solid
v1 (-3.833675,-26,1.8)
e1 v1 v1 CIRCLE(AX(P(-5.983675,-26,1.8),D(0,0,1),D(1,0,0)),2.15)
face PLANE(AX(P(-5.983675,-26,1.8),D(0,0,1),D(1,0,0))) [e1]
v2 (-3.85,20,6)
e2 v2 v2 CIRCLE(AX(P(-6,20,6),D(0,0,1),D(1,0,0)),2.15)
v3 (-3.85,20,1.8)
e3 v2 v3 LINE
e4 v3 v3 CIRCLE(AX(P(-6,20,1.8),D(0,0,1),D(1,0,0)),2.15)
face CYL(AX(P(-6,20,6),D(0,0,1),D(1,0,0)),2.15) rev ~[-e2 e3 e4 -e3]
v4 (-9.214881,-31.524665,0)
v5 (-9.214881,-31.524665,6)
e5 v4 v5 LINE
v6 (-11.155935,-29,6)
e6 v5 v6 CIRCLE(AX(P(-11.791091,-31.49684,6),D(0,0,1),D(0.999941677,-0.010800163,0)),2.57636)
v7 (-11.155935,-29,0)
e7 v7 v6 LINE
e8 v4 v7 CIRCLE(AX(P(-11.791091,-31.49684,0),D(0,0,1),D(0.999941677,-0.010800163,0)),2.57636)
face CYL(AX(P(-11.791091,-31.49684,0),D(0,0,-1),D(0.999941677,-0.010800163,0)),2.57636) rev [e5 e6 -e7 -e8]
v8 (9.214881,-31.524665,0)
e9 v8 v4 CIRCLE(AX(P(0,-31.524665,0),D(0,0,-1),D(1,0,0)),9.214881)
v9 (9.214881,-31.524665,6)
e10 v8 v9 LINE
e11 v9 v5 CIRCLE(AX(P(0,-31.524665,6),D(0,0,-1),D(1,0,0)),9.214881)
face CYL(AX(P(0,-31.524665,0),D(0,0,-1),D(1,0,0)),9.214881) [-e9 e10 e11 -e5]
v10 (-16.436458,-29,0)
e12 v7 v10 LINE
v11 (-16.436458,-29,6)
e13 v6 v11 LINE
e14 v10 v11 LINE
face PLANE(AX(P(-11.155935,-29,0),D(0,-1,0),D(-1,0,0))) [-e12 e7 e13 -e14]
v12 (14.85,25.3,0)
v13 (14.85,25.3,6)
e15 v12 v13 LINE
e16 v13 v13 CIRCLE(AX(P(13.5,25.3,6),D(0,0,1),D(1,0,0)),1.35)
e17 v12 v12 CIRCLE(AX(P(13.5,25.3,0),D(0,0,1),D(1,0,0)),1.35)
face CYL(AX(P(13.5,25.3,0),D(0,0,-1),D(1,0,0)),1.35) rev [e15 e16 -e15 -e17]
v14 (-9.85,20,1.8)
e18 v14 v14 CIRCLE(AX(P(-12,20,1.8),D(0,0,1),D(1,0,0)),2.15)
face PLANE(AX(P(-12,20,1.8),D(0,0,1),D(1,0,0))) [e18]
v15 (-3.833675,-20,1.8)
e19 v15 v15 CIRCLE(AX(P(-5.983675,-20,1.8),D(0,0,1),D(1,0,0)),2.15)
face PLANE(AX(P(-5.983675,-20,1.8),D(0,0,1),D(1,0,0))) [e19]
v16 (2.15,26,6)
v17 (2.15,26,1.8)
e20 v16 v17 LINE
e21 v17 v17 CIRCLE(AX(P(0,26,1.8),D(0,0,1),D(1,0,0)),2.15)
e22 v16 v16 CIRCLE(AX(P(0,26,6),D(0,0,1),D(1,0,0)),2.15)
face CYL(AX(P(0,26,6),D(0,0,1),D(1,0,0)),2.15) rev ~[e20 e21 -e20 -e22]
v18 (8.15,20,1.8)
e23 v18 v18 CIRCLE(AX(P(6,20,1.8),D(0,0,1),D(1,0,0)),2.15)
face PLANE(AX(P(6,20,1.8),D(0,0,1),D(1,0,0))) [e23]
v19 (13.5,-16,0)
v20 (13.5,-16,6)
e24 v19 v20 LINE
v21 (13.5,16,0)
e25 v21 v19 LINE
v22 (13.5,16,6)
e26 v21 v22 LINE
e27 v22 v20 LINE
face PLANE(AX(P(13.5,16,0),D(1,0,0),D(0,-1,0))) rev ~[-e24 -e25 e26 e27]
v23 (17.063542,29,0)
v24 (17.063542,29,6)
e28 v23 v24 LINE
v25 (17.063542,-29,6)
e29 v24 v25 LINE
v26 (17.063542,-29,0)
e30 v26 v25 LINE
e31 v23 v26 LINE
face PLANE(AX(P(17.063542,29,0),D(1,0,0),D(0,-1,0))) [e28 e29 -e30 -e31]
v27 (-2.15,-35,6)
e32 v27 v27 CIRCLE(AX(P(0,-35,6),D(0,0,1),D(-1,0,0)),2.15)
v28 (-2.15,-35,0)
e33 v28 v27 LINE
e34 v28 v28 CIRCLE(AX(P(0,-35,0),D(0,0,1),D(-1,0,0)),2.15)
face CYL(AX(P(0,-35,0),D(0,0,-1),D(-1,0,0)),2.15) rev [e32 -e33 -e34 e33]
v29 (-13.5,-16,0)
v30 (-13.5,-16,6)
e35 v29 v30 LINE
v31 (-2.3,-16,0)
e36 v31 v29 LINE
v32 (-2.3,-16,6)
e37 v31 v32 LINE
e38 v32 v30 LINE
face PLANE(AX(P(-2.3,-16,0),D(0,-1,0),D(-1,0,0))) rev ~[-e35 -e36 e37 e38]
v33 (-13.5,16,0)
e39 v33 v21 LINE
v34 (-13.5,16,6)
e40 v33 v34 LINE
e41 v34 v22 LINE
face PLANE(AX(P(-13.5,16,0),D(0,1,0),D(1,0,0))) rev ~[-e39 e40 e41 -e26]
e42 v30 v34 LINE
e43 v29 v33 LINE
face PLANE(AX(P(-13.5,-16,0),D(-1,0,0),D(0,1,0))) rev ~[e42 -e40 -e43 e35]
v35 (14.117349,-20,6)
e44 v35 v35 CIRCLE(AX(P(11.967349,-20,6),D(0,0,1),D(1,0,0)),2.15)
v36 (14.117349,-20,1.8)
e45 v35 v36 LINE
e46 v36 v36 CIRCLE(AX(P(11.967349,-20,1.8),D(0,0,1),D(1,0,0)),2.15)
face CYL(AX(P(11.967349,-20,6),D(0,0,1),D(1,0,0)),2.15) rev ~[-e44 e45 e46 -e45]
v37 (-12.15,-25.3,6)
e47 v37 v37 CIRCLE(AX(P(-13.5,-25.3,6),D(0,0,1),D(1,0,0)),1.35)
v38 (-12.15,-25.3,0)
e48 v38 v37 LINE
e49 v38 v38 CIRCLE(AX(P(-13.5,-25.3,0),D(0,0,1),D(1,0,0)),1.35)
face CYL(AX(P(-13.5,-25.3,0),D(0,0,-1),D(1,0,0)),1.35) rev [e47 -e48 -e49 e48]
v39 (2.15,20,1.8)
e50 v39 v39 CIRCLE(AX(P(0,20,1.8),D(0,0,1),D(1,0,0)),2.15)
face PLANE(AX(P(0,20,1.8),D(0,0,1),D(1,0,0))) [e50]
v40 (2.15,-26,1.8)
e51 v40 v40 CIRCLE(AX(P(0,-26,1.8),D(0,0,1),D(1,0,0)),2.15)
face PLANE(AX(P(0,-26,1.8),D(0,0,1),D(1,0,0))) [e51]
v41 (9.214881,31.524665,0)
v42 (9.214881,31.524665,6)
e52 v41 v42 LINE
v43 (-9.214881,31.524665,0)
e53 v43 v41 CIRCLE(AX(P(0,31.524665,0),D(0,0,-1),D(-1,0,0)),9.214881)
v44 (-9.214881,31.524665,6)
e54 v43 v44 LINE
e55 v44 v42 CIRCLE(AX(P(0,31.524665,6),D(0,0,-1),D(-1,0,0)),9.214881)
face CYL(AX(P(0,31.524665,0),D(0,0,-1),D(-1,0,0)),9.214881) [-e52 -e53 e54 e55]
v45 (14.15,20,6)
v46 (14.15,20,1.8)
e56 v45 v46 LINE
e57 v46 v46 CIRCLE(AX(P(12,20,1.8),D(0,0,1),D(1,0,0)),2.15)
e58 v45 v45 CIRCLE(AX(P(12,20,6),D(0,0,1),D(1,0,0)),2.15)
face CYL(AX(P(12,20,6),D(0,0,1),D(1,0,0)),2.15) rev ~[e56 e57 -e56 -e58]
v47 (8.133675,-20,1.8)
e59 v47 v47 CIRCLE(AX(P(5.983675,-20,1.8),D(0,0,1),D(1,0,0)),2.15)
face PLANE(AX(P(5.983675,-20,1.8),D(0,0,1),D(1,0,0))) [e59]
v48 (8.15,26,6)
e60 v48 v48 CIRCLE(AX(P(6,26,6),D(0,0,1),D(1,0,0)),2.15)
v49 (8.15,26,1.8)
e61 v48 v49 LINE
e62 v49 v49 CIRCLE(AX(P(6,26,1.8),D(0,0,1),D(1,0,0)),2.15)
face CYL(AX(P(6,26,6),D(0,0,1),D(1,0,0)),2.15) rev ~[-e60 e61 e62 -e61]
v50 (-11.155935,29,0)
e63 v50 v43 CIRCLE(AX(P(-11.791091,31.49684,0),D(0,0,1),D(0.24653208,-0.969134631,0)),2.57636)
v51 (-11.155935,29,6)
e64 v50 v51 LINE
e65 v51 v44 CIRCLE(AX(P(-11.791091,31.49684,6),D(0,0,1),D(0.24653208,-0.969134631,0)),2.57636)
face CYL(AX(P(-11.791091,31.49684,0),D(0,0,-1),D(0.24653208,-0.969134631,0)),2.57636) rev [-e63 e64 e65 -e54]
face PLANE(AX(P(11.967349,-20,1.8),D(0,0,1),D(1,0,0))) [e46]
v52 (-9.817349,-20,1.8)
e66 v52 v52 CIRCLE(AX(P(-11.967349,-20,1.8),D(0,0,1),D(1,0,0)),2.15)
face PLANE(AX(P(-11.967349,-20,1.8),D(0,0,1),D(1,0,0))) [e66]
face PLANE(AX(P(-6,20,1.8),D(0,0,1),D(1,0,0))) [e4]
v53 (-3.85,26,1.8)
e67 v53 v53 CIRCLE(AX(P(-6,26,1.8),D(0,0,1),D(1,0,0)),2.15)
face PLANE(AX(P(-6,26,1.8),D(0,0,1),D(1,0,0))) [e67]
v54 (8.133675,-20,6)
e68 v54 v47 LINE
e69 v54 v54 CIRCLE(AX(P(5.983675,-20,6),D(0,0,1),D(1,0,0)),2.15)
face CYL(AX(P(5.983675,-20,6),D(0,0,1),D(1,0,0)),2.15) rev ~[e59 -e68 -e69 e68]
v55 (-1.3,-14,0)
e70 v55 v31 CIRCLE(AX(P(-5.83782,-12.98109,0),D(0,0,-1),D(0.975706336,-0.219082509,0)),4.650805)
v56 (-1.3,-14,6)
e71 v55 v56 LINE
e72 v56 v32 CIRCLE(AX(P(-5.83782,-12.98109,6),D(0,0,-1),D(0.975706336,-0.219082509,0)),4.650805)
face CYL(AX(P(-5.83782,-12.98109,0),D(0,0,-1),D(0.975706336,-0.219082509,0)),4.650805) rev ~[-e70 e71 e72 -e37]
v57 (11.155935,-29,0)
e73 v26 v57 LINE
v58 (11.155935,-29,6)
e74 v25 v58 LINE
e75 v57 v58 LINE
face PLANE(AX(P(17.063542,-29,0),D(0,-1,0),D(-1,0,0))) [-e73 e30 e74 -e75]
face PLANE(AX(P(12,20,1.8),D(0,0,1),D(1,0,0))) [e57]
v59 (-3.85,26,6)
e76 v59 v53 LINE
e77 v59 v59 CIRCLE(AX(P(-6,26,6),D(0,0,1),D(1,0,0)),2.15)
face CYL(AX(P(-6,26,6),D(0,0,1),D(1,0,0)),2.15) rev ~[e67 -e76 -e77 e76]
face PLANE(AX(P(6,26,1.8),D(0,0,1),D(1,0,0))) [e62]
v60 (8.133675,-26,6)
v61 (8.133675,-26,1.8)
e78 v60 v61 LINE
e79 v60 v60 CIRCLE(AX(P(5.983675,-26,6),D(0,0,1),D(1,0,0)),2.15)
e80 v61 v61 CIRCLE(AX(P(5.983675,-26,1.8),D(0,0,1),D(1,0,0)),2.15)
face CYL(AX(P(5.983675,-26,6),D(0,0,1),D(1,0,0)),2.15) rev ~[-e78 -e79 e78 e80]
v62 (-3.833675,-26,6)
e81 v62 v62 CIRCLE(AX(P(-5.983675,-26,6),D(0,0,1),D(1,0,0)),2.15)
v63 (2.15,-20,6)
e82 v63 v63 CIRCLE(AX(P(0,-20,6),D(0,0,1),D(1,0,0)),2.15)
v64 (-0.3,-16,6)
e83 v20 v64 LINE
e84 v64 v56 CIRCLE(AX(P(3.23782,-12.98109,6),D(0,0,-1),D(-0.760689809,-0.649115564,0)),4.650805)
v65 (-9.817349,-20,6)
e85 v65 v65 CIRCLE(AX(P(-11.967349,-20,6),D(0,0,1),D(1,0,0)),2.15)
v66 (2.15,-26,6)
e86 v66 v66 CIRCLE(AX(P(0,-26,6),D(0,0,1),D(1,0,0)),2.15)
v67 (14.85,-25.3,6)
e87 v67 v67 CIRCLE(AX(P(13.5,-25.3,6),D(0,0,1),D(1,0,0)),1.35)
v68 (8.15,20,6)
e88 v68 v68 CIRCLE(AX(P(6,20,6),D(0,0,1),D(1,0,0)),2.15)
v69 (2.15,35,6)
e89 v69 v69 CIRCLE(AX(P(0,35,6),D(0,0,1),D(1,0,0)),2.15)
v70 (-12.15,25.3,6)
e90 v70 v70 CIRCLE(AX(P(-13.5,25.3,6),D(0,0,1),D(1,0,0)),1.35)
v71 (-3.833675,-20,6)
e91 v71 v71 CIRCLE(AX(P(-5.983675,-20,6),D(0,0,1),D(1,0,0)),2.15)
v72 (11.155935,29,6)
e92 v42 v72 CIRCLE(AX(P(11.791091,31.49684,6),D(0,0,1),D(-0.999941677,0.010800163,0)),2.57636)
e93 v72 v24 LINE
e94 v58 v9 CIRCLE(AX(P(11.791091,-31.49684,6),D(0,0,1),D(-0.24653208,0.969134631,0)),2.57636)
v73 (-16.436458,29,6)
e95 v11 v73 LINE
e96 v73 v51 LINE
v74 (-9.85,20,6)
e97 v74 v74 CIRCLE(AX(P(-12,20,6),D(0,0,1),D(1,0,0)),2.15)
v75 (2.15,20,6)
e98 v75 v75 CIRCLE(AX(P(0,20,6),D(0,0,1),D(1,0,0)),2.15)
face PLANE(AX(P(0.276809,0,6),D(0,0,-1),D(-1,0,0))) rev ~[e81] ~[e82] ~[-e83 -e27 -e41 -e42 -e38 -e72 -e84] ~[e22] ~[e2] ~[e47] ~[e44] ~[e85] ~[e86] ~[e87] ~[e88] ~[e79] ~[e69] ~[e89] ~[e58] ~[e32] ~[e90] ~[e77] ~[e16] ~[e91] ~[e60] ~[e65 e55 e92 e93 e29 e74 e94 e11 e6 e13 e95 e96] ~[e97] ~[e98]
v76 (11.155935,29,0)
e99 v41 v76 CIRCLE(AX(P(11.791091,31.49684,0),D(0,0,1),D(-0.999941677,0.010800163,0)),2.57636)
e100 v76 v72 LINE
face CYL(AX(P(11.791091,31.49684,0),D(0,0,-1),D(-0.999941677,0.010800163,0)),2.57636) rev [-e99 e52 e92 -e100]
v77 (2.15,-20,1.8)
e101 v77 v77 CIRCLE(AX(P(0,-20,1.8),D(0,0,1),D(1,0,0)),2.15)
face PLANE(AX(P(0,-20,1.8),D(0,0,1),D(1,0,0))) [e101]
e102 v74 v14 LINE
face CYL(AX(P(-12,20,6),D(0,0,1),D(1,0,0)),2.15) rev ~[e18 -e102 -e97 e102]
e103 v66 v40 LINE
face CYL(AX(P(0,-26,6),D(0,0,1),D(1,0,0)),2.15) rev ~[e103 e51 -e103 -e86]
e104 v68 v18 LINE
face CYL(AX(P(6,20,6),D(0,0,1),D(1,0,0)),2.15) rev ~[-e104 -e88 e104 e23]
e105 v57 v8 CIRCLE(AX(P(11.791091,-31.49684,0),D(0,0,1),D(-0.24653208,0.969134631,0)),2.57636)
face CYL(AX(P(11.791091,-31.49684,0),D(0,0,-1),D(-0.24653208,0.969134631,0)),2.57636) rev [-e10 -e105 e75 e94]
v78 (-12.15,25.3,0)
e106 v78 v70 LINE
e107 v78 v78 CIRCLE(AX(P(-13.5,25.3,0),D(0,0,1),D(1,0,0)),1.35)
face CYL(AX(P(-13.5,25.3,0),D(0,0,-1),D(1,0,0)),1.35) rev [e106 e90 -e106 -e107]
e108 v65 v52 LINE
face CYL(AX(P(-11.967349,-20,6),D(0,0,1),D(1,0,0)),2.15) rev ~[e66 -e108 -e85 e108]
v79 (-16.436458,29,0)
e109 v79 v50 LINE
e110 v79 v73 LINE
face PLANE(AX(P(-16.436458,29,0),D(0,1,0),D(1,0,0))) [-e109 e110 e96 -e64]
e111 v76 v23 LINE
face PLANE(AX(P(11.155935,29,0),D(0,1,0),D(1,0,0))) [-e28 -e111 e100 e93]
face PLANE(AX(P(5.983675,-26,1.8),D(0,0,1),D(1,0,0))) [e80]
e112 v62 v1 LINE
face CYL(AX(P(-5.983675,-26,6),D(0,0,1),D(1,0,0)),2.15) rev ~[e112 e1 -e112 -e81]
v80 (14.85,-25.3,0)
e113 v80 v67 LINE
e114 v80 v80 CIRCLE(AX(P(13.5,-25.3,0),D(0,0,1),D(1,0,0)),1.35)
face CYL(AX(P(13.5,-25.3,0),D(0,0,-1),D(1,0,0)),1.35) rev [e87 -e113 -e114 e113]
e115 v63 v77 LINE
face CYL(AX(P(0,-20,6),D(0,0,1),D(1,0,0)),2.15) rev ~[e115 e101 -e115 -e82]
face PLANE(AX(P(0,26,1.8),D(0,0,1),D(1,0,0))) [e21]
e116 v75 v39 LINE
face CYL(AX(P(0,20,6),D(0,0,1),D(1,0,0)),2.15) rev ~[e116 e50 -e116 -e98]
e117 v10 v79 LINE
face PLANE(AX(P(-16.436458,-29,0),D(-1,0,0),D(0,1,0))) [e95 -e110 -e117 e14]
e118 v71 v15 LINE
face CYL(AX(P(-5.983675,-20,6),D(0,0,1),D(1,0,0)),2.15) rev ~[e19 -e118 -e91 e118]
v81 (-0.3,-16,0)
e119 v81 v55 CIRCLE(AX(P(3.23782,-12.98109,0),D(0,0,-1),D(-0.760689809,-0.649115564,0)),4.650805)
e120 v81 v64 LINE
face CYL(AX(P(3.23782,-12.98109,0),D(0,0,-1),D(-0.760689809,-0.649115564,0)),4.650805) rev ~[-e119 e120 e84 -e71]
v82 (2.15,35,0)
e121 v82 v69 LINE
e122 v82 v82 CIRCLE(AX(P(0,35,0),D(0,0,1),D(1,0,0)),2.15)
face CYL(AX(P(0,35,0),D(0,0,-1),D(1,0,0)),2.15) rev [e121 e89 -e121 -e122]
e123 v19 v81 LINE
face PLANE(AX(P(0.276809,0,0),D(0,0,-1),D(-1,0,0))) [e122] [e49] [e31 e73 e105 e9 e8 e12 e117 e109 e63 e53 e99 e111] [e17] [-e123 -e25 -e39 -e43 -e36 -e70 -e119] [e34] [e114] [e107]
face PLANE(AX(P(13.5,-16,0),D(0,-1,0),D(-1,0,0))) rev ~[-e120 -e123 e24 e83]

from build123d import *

# Parameters (mm, degrees)
SKETCH1_R           = 1.35
SKETCH1_R_2         = 2.15
BOSS_EXTRUDE1_DEPTH = 6
SKETCH2_R           = 2.15
CUT_EXTRUDE1_DEPTH  = 4.2


with BuildPart() as part:
    # Sketch1 → Boss-Extrude1 (new body)
    with BuildSketch(Plane.XY):
        with BuildLine():
            Line((-16.436457619, 29), (-11.155935204, 29))
            ThreePointArc((-11.155935204, 29), (-9.748616749, 29.926511277), (-9.214880919, 31.524664725))
            ThreePointArc((-9.214880919, 31.524664725), (0, 40.739545643), (9.214880919, 31.524664725))
            ThreePointArc((9.214880919, 31.524664725), (9.748616749, 29.926511277), (11.155935204, 29))
            Line((11.155935204, 29), (17.063542381, 29))
            Line((17.063542381, 29), (17.063542381, -29))
            Line((17.063542381, -29), (11.155935204, -29))
            ThreePointArc((11.155935204, -29), (9.748616749, -29.926511277), (9.214880919, -31.524664725))
            ThreePointArc((9.214880919, -31.524664725), (0, -40.739545643), (-9.214880919, -31.524664725))
            ThreePointArc((-9.214880919, -31.524664725), (-9.748616749, -29.926511277), (-11.155935204, -29))
            Line((-11.155935204, -29), (-16.436457619, -29))
            Line((-16.436457619, -29), (-16.436457619, 29))
        make_face()
        with Locations((-13.5, 25.3)):
            Circle(SKETCH1_R, mode=Mode.SUBTRACT)
        with Locations((13.5, -25.3)):
            Circle(SKETCH1_R, mode=Mode.SUBTRACT)
        with Locations((-13.5, -25.3)):
            Circle(SKETCH1_R, mode=Mode.SUBTRACT)
        with Locations((13.5, 25.3)):
            Circle(SKETCH1_R, mode=Mode.SUBTRACT)
        with Locations((0, 35)):
            Circle(SKETCH1_R_2, mode=Mode.SUBTRACT)
        with Locations(Location((0, -35, 0), (0, 0, 180))):
            Circle(SKETCH1_R_2, mode=Mode.SUBTRACT)
        with BuildLine():
            Line((-13.5, 16), (13.5, 16))
            Line((13.5, 16), (13.5, -16))
            Line((13.5, -16), (-0.3, -16))
            ThreePointArc((-0.3, -16), (-0.921986523, -15.060993262), (-1.3, -14))
            ThreePointArc((-1.3, -14), (-1.678013477, -15.060993262), (-2.3, -16))
            Line((-2.3, -16), (-13.5, -16))
            Line((-13.5, -16), (-13.5, 16))
        make_face(mode=Mode.SUBTRACT)
    extrude(amount=BOSS_EXTRUDE1_DEPTH)

    # Sketch2 → Cut-Extrude1 (cut)
    with BuildSketch(Plane.XY.offset(6)):
        with Locations((-12, 20)):
            Circle(SKETCH2_R)
        with Locations((-6, 20)):
            Circle(SKETCH2_R)
        with Locations((0, 20)):
            Circle(SKETCH2_R)
        with Locations((6, 20)):
            Circle(SKETCH2_R)
        with Locations((12, 20)):
            Circle(SKETCH2_R)
        with Locations((-6, 26)):
            Circle(SKETCH2_R)
        with Locations((0, 26)):
            Circle(SKETCH2_R)
        with Locations((6, 26)):
            Circle(SKETCH2_R)
        with Locations((-11.967349369, -20)):
            Circle(SKETCH2_R)
        with Locations((-5.983674685, -20)):
            Circle(SKETCH2_R)
        with Locations((0, -20)):
            Circle(SKETCH2_R)
        with Locations((5.983674685, -20)):
            Circle(SKETCH2_R)
        with Locations((11.967349369, -20)):
            Circle(SKETCH2_R)
        with Locations((-5.983674685, -26)):
            Circle(SKETCH2_R)
        with Locations((0, -26)):
            Circle(SKETCH2_R)
        with Locations((5.983674685, -26)):
            Circle(SKETCH2_R)
    extrude(amount=-CUT_EXTRUDE1_DEPTH, mode=Mode.SUBTRACT)


solid = part.part
